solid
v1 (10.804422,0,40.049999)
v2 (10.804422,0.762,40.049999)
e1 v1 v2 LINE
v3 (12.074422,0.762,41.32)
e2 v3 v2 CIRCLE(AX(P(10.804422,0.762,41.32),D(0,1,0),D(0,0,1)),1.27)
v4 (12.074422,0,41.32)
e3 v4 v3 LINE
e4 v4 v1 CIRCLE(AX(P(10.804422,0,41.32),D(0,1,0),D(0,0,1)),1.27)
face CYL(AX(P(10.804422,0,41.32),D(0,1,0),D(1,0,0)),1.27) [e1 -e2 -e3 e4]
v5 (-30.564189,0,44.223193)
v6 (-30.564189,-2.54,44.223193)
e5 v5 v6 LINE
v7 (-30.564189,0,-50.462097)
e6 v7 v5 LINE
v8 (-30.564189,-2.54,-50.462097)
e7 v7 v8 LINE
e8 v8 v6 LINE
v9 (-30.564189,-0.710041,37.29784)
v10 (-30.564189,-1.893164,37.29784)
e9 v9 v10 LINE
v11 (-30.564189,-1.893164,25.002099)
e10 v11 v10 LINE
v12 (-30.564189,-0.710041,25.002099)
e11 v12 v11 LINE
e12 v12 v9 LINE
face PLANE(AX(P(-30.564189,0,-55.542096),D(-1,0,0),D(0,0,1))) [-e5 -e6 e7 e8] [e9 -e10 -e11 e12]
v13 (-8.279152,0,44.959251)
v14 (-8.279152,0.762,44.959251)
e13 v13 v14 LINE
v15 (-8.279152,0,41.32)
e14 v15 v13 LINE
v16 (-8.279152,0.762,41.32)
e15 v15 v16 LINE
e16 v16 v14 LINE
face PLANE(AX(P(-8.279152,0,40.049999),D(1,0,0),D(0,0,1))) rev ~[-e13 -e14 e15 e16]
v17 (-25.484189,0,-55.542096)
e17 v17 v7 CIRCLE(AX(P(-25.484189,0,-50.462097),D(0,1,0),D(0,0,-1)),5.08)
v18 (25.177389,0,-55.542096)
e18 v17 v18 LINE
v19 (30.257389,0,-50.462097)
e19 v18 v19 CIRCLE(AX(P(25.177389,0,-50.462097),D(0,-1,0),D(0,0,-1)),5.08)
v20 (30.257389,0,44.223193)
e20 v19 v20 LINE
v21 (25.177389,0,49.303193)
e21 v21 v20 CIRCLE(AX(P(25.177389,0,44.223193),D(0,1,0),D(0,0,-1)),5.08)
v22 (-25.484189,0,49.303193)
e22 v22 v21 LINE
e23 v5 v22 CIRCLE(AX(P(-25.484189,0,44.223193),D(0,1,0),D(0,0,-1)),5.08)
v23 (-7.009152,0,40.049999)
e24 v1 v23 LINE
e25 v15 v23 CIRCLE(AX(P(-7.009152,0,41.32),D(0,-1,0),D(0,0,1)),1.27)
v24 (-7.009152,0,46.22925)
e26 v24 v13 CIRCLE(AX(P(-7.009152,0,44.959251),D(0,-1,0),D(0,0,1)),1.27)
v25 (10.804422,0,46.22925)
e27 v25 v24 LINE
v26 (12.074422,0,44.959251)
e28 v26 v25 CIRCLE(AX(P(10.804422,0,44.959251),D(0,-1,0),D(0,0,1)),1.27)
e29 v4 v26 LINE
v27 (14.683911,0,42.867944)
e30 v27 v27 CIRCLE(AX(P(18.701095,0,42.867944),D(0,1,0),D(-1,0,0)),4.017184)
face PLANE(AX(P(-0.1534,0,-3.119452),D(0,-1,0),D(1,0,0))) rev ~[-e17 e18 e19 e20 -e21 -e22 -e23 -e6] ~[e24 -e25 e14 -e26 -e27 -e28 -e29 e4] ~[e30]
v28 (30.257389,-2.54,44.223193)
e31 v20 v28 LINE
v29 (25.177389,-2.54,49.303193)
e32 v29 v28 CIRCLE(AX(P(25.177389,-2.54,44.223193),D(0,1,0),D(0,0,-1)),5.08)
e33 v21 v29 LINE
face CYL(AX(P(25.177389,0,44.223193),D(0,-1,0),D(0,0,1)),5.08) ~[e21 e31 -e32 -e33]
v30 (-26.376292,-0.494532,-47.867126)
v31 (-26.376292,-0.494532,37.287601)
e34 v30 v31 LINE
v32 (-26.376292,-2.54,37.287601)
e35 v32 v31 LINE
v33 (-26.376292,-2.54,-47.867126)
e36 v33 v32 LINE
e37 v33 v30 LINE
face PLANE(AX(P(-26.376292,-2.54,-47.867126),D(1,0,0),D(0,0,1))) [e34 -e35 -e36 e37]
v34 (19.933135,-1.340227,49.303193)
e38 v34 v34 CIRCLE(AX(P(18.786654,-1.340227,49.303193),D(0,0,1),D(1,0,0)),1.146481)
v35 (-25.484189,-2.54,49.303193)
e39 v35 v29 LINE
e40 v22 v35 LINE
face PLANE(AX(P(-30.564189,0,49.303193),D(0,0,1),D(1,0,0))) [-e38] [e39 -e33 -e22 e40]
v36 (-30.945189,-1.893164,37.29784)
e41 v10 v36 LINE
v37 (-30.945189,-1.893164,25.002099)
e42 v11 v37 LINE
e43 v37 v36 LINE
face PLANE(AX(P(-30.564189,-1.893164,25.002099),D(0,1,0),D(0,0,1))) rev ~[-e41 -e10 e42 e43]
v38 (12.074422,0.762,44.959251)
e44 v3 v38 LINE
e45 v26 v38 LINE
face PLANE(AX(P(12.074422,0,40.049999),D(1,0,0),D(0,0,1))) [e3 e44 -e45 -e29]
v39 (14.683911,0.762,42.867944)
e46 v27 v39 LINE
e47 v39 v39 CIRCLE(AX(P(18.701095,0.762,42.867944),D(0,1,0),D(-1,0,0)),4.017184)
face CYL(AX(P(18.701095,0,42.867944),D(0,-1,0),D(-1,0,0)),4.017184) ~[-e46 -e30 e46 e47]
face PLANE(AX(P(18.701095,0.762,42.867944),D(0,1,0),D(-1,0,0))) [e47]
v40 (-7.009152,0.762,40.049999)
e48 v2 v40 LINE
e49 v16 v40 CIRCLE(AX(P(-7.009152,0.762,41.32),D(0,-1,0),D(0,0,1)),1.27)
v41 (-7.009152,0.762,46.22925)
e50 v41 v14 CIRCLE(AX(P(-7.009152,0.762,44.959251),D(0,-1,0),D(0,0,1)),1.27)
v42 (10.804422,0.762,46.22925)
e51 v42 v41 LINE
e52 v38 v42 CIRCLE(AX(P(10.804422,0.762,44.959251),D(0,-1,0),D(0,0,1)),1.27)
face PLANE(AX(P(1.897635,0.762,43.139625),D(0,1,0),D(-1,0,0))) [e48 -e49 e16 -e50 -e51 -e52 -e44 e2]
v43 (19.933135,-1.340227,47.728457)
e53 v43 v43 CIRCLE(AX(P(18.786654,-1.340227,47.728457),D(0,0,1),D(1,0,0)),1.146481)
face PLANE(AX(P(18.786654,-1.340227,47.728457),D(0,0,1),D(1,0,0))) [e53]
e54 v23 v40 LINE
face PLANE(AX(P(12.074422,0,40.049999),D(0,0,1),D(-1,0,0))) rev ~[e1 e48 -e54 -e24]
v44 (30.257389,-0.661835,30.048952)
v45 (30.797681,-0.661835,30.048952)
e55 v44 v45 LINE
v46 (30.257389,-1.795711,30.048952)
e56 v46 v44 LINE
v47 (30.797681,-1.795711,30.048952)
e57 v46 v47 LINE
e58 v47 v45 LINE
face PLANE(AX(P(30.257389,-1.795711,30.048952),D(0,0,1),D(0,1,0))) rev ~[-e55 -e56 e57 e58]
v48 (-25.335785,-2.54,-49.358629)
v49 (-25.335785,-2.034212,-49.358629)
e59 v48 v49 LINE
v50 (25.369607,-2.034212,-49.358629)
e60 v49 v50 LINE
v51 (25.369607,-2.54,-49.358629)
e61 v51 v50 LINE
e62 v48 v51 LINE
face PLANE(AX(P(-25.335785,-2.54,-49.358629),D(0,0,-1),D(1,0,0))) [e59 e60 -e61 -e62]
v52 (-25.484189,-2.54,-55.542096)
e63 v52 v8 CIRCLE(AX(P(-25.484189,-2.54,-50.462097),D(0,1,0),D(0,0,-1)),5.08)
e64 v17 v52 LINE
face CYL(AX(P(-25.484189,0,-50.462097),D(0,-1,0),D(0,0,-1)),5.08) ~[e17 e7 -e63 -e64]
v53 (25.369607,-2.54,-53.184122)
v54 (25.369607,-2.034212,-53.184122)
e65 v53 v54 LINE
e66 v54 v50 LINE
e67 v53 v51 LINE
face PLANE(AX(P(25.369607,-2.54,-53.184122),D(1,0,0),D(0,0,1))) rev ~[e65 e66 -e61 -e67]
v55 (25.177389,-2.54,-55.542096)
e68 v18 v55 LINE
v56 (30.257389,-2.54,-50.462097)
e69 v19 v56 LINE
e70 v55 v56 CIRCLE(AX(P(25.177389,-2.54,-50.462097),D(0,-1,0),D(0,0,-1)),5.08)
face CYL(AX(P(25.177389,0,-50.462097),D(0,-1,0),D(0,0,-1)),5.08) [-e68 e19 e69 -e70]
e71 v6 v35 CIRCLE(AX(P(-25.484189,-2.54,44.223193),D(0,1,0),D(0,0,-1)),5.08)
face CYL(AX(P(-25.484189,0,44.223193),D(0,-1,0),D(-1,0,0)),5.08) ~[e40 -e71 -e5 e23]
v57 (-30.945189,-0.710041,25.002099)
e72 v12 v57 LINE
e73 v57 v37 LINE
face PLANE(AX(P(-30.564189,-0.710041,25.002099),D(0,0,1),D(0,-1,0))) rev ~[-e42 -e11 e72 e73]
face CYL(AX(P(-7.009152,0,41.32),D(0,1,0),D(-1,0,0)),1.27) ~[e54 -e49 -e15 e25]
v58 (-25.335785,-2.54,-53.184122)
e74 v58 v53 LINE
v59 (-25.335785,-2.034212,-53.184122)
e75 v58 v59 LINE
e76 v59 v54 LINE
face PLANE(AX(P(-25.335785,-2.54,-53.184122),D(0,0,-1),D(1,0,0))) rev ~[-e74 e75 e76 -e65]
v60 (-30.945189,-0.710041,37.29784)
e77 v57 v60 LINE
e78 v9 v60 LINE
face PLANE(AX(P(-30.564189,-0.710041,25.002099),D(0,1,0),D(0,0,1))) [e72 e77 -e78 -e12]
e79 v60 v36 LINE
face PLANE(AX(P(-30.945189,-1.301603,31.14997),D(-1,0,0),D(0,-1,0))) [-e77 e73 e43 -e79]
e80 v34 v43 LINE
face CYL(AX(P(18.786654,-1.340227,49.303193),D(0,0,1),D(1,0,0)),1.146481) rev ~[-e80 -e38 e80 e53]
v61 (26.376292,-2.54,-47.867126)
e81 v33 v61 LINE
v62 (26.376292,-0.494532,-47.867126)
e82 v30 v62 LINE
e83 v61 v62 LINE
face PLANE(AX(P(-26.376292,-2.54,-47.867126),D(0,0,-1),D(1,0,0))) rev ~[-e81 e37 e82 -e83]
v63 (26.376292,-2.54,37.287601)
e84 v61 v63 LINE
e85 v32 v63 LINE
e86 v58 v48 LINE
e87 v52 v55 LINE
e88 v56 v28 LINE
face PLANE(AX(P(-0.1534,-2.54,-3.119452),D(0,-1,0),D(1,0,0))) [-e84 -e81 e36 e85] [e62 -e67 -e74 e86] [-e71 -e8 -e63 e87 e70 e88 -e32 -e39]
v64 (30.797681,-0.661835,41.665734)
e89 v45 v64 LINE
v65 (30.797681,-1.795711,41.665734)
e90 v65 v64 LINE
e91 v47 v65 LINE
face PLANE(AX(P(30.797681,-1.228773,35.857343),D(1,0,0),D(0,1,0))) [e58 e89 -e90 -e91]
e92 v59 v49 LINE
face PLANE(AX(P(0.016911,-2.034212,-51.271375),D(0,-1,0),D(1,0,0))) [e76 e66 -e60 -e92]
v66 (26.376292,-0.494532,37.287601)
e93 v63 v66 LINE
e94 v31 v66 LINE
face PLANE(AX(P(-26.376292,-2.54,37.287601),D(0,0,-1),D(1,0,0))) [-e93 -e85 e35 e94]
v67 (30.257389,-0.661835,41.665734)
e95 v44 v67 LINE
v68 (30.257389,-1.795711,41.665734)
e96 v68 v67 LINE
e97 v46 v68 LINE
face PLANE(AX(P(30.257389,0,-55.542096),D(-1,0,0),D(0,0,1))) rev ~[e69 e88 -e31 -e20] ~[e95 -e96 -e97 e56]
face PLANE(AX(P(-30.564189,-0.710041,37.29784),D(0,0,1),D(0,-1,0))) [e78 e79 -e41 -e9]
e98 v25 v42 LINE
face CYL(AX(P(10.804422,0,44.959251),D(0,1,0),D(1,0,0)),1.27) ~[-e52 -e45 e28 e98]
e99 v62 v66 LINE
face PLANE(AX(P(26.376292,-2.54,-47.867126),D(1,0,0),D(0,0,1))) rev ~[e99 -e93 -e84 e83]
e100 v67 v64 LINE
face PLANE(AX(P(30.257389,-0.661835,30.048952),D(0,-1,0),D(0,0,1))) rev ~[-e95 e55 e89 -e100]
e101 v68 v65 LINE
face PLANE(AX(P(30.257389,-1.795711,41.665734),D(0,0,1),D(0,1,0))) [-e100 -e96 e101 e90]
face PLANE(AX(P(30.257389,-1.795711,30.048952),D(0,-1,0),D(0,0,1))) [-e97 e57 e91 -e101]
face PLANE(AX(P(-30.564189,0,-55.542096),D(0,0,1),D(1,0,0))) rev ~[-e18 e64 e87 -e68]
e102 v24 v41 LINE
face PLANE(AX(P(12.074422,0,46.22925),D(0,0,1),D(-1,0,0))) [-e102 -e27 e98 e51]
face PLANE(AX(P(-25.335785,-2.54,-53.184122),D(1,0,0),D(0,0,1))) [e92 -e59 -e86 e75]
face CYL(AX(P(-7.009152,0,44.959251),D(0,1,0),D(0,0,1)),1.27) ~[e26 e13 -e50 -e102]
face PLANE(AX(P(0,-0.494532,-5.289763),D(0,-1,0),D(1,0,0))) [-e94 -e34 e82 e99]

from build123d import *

# Parameters (mm, degrees)
F0_W      = 60.821578
F0_H      = 104.845289
F1_DEPTH  = 2.54
F2_R      = 5.08
F3_R      = 5.08
F4_R      = 5.08
F5_R      = 5.08
F6_R      = 4.017184
F7_DEPTH  = 0.762
F8_W      = 20.353574
F8_H      = 6.179251
F9_DEPTH  = 0.762
F10_R     = 1.27
F11_W     = 52.752584
F11_H     = 85.154727
F12_DEPTH = 2.045468
F13_W     = 50.705392
F13_H     = 3.825493
F14_DEPTH = 0.505788
F16_R     = 1.146481
F17_DEPTH = 1.574736
F19_W     = 1.183123
F19_H     = 12.295741
F20_DEPTH = 0.381
F21_W     = 1.133876
F21_H     = 11.616781
F22_DEPTH = 0.540292


with BuildPart() as f1:
    # F0 (on Front) → F1 (new body)
    with BuildSketch(Plane.XZ):
        with Locations((-0.1534, -3.119452)):
            Rectangle(F0_W, F0_H)
    extrude(amount=F1_DEPTH)

    # F2
    f2_edges = [f1.edges().sort_by_distance(p)[0] for p in [
        (30.257389, -1.27, -55.542096),
    ]]
    fillet(f2_edges, radius=F2_R)

    # F3
    f3_edges = [f1.edges().sort_by_distance(p)[0] for p in [
        (-30.564189, -1.27, -55.542096),
    ]]
    fillet(f3_edges, radius=F3_R)

    # F4
    f4_edges = [f1.edges().sort_by_distance(p)[0] for p in [
        (-30.564189, -1.27, 49.303193),
    ]]
    fillet(f4_edges, radius=F4_R)

    # F5
    f5_edges = [f1.edges().sort_by_distance(p)[0] for p in [
        (30.257389, -1.27, 49.303193),
    ]]
    fillet(f5_edges, radius=F5_R)

    # F6 (on face) → F7 (join)
    with BuildSketch(Plane(origin=(0, 0, 0), x_dir=(-1, 0, 0), z_dir=(0, 1, 0))):
        with Locations((-18.701095, 42.867944)):
            Circle(F6_R)
    extrude(amount=F7_DEPTH)

    # F8 (on face) → F9 (join)
    with BuildSketch(Plane(origin=(0, 0, 0), x_dir=(-1, 0, 0), z_dir=(0, 1, 0))):
        with Locations((-1.897635, 43.139625)):
            Rectangle(F8_W, F8_H)
    extrude(amount=F9_DEPTH)

    # F10
    f10_edges = [f1.edges().sort_by_distance(p)[0] for p in [
        (-8.279152, 0.381, 46.229251),
        (-8.279152, 0.381, 40.05),
        (12.074422, 0.381, 40.05),
        (12.074422, 0.381, 46.229251),
    ]]
    fillet(f10_edges, radius=F10_R)

    # F11 (on face) → F12 (cut)
    with BuildSketch(Plane.XZ.offset(2.54)):
        with Locations((0, -5.289763)):
            Rectangle(F11_W, F11_H)
    extrude(amount=-F12_DEPTH, mode=Mode.SUBTRACT)

    # F13 (on face) → F14 (cut)
    with BuildSketch(Plane.XZ.offset(2.54)):
        with Locations((0.016911, -51.271375)):
            Rectangle(F13_W, F13_H)
    extrude(amount=-F14_DEPTH, mode=Mode.SUBTRACT)

    # F16 (on face) → F17 (cut)
    with BuildSketch(Plane.XY.offset(49.303193)):
        with Locations((18.786654, -1.340227)):
            Circle(F16_R)
    extrude(amount=-F17_DEPTH, mode=Mode.SUBTRACT)

    # F19 (on face) → F20 (join)
    with BuildSketch(Plane(origin=(-30.564189, 0, 0), x_dir=(0, -1, 0), z_dir=(-1, 0, 0))):
        with Locations((1.301603, 31.14997)):
            Rectangle(F19_W, F19_H)
    extrude(amount=F20_DEPTH)

    # F21 (on face) → F22 (join)
    with BuildSketch(Plane.YZ.offset(30.257389)):
        with Locations((-1.228773, 35.857343)):
            Rectangle(F21_W, F21_H)
    extrude(amount=F22_DEPTH)


solid = f1.part
